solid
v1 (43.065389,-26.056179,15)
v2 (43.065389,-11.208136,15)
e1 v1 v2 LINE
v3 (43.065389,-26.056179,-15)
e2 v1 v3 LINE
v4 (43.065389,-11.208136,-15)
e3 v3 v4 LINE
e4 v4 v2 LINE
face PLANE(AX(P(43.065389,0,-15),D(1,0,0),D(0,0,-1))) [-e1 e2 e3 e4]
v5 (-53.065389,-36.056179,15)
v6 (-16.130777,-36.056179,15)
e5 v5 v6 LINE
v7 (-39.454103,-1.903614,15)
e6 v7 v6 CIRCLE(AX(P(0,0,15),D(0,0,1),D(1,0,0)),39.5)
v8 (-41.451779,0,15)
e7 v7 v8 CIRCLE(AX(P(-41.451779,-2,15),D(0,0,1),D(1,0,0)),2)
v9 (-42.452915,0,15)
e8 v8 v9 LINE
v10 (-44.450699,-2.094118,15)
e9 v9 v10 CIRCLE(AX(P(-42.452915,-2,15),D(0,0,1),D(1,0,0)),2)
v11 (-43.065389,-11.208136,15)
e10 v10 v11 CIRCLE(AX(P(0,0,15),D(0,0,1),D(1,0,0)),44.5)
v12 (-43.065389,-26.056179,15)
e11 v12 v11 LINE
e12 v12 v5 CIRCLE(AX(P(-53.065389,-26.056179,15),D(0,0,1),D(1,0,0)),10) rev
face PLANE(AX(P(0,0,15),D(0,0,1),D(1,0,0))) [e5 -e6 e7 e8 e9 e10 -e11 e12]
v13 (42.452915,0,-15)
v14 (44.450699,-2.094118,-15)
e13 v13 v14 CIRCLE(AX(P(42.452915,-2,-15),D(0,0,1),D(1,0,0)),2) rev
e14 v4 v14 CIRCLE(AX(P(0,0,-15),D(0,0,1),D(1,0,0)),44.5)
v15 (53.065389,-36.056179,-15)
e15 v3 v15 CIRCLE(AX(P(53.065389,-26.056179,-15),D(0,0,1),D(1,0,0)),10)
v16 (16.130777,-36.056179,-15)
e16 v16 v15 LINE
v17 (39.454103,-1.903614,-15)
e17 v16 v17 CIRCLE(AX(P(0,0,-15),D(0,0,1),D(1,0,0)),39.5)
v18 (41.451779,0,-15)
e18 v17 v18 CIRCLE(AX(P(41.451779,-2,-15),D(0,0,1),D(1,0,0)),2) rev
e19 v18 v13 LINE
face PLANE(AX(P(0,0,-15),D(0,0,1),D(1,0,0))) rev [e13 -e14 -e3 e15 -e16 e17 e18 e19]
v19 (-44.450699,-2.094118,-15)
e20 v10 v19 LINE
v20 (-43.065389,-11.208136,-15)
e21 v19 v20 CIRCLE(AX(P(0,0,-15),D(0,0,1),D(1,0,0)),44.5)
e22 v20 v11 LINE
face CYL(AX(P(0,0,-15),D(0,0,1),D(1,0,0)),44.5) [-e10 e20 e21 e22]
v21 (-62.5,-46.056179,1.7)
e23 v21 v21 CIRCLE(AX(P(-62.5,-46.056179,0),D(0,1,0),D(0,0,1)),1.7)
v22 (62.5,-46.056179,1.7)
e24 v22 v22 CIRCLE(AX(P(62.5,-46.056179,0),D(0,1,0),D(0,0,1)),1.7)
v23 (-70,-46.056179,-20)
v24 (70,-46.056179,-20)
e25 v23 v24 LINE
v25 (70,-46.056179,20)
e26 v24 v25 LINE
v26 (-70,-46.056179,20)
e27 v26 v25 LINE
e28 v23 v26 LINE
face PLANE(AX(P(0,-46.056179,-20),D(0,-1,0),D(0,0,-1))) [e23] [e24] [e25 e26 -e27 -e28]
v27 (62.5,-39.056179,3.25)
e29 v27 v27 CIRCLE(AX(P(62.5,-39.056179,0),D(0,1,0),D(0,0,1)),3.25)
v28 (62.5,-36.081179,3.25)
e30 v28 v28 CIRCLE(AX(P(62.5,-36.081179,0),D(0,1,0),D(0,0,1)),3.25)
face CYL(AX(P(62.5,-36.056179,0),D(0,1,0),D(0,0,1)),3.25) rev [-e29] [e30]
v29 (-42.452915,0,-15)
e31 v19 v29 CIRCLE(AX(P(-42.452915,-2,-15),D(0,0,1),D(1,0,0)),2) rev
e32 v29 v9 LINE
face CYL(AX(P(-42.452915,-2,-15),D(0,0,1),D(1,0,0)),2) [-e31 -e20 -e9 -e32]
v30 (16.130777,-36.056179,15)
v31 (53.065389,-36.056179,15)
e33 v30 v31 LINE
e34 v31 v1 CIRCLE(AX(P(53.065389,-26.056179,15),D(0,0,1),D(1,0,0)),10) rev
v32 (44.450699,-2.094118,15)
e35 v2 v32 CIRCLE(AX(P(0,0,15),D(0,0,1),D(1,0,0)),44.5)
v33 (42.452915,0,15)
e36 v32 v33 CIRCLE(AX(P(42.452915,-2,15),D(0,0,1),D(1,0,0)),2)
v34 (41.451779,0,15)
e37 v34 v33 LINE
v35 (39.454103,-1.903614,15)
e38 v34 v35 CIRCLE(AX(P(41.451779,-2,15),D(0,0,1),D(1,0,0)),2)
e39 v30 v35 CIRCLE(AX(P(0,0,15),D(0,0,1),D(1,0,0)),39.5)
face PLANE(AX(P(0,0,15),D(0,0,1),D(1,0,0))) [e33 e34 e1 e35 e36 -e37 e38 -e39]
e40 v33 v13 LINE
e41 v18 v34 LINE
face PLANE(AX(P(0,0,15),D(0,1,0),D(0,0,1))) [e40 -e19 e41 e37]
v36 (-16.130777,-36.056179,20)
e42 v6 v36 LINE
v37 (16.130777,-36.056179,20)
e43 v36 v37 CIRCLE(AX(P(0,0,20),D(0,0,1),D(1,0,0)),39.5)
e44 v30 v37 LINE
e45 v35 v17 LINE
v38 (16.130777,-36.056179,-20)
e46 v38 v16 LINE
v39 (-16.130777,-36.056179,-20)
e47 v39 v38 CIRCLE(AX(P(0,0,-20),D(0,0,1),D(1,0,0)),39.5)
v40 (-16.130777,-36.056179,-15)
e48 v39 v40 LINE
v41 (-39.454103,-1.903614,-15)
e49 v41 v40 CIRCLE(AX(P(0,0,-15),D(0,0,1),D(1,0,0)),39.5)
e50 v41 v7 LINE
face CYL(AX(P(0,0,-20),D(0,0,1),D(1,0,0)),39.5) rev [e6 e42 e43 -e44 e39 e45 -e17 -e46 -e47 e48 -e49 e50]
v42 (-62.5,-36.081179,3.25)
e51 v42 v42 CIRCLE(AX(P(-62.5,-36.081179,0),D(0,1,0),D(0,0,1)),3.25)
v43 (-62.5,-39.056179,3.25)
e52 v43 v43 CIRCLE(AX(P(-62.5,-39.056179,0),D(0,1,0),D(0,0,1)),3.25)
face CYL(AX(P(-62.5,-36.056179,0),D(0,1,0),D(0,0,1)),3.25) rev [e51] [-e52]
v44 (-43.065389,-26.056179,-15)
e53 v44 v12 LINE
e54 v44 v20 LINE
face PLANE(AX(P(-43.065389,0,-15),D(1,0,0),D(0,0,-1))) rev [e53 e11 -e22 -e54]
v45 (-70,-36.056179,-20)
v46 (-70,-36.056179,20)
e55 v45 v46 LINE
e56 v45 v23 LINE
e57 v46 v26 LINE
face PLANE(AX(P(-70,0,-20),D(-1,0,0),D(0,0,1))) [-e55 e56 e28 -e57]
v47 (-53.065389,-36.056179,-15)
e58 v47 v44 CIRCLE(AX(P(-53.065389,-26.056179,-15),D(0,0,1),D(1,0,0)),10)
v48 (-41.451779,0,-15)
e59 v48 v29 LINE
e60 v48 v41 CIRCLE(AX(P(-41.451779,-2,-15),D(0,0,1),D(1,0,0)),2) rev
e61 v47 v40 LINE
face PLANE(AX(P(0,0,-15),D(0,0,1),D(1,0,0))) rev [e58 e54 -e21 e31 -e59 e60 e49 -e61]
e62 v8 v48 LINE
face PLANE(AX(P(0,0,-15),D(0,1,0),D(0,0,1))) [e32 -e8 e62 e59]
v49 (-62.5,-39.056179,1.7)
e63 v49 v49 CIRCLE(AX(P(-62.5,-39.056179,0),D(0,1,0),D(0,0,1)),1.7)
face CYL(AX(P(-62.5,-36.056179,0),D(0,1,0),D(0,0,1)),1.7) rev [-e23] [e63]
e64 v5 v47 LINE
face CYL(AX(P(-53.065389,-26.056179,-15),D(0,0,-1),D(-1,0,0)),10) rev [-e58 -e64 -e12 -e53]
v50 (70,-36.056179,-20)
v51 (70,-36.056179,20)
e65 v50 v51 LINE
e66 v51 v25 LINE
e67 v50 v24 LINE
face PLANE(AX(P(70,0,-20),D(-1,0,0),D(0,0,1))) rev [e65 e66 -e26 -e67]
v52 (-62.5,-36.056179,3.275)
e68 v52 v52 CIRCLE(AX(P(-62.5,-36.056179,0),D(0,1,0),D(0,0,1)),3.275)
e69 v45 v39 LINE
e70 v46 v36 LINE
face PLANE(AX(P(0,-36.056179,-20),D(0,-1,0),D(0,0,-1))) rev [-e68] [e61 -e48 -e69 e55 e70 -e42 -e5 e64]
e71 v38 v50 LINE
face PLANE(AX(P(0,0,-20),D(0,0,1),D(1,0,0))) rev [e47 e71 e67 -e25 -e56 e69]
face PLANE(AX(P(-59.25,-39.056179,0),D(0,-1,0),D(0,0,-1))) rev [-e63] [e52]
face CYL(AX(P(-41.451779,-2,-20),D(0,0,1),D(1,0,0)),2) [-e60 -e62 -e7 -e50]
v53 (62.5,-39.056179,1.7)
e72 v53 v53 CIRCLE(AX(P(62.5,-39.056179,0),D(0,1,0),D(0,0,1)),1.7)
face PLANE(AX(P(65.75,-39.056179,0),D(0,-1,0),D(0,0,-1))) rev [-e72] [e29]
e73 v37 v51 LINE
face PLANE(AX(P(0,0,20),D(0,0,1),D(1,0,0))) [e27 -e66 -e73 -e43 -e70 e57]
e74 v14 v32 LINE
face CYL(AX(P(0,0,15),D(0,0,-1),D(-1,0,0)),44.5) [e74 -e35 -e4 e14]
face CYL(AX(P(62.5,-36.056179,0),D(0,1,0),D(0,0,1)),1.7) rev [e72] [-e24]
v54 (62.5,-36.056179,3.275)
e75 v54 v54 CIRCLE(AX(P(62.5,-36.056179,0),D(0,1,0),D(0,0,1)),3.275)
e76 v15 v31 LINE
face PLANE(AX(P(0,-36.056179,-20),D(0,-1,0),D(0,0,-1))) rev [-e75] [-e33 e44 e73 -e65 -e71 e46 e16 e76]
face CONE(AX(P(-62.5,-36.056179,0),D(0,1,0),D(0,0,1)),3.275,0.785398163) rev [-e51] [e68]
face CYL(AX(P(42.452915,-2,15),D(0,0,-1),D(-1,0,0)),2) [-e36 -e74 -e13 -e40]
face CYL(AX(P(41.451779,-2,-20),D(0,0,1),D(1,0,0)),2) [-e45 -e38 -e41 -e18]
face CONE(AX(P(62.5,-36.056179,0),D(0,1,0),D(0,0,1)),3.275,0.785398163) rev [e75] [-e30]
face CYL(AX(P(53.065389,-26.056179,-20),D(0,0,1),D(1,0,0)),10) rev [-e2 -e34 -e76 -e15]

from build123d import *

# Parameters (mm, degrees)
BOSS_EXTRUDE3_DEPTH           = 20
BOSS_EXTRUDE3_DEPTH_BACK      = 20
BOSS_EXTRUDE4_DEPTH           = 15
BOSS_EXTRUDE4_DEPTH_BACK      = 15
BOSS_EXTRUDE5_DEPTH           = 15
BOSS_EXTRUDE5_DEPTH_BACK      = 15
FILLET1_R                     = 10
CBORE_FOR_M3_SHCS1_AT_2_COUNT = 2
CBORE_FOR_M3_SHCS1_AT_2_PITCH = 125
FILLET2_R                     = 2


with BuildPart() as part:
    # Sketch1 → Boss-Extrude3 (new, two sides: drawn at the far end of the back side and taken through both)
    with BuildSketch(Plane.XY.offset(-BOSS_EXTRUDE3_DEPTH_BACK)):
        with BuildLine():
            Line((-43.065388601, -36.056178761), (-70, -36.056178761))
            Line((-70, -36.056178761), (-70, -46.056178761))
            Line((-70, -46.056178761), (70, -46.056178761))
            Line((70, -46.056178761), (70, -36.056178761))
            Line((70, -36.056178761), (43.065388601, -36.056178761))
            Line((43.065388601, -36.056178761), (26.080681992, -36.056178761))
            Line((26.080681992, -36.056178761), (16.130777202, -36.056178761))
            ThreePointArc((16.130777202, -36.056178761), (0, -39.5), (-16.130777202, -36.056178761))
            Line((-16.130777202, -36.056178761), (-26.080681992, -36.056178761))
            Line((-26.080681992, -36.056178761), (-43.065388601, -36.056178761))
        make_face()
    extrude(amount=BOSS_EXTRUDE3_DEPTH + BOSS_EXTRUDE3_DEPTH_BACK)

    # Sketch1<6> → Boss-Extrude4 (add, two sides: drawn at the far end of the back side and taken through both)
    with BuildSketch(Plane.XY.offset(-BOSS_EXTRUDE4_DEPTH_BACK)):
        with BuildLine():
            ThreePointArc((-44.5, 0), (-39.628527279, -20.24425414), (-26.080681992, -36.056178761))
            Line((-26.080681992, -36.056178761), (-16.130777202, -36.056178761))
            ThreePointArc((-16.130777202, -36.056178761), (-33.146762281, -21.483532071), (-39.5, 0))
            Line((-39.5, 0), (-44.5, 0))
        make_face()
        with BuildLine():
            ThreePointArc((39.5, 0), (33.146762281, -21.483532071), (16.130777202, -36.056178761))
            Line((16.130777202, -36.056178761), (26.080681992, -36.056178761))
            ThreePointArc((26.080681992, -36.056178761), (39.628527279, -20.24425414), (44.5, 0))
            Line((44.5, 0), (39.5, 0))
        make_face()
    extrude(amount=BOSS_EXTRUDE4_DEPTH + BOSS_EXTRUDE4_DEPTH_BACK)

    # Sketch1<7> → Boss-Extrude5 (add, two sides: drawn at the far end of the back side and taken through both)
    with BuildSketch(Plane.XY.offset(-BOSS_EXTRUDE5_DEPTH_BACK)):
        with BuildLine():
            Line((-43.065388601, -11.208135645), (-43.065388601, -36.056178761))
            Line((-43.065388601, -36.056178761), (-26.080681992, -36.056178761))
            ThreePointArc((-26.080681992, -36.056178761), (-36.737597653, -25.111728708), (-43.065388601, -11.208135645))
        make_face()
        with BuildLine():
            Line((26.080681992, -36.056178761), (43.065388601, -36.056178761))
            Line((43.065388601, -36.056178761), (43.065388601, -11.208135645))
            ThreePointArc((43.065388601, -11.208135645), (36.737597653, -25.111728708), (26.080681992, -36.056178761))
        make_face()
    extrude(amount=BOSS_EXTRUDE5_DEPTH + BOSS_EXTRUDE5_DEPTH_BACK)

    # Fillet1
    fillet1_edges = [part.edges().sort_by_distance(p)[0] for p in [
        (43.065388601, -36.056178761, 0),
        (-43.065388601, -36.056178761, 0),
    ]]
    fillet(fillet1_edges, radius=FILLET1_R)

    # Sketch4 → CBORE for M3 SHCS1 (revolve, cut)
    with BuildSketch(Plane(origin=(-62.5, -36.056178761, 0), x_dir=(0, 0, 1), z_dir=(1, 0, 0))):
        Polygon((0, 0), (0, 10), (1.7, 10), (1.7, 3), (3.25, 3), (3.25, 0.025), (3.275, 0), align=None)
    cbore_for_m3_shcs1 = revolve(axis=Axis((-62.5, -29.706178761, 0), (0, -1, 0)), mode=Mode.SUBTRACT)

    # CBORE for M3 SHCS1 at 2: CBORE for M3 SHCS1 ×2
    with Locations(*[(i * CBORE_FOR_M3_SHCS1_AT_2_PITCH, 0, 0) for i in range(1, CBORE_FOR_M3_SHCS1_AT_2_COUNT)]):
        add(cbore_for_m3_shcs1, mode=Mode.SUBTRACT)

    # Fillet2
    fillet2_edges = [part.edges().sort_by_distance(p)[0] for p in [
        (-44.5, 0, 0),
        (-39.5, 0, 0),
        (44.5, 0, 0),
        (39.5, 0, 0),
    ]]
    fillet(fillet2_edges, radius=FILLET2_R)


solid = part.part
